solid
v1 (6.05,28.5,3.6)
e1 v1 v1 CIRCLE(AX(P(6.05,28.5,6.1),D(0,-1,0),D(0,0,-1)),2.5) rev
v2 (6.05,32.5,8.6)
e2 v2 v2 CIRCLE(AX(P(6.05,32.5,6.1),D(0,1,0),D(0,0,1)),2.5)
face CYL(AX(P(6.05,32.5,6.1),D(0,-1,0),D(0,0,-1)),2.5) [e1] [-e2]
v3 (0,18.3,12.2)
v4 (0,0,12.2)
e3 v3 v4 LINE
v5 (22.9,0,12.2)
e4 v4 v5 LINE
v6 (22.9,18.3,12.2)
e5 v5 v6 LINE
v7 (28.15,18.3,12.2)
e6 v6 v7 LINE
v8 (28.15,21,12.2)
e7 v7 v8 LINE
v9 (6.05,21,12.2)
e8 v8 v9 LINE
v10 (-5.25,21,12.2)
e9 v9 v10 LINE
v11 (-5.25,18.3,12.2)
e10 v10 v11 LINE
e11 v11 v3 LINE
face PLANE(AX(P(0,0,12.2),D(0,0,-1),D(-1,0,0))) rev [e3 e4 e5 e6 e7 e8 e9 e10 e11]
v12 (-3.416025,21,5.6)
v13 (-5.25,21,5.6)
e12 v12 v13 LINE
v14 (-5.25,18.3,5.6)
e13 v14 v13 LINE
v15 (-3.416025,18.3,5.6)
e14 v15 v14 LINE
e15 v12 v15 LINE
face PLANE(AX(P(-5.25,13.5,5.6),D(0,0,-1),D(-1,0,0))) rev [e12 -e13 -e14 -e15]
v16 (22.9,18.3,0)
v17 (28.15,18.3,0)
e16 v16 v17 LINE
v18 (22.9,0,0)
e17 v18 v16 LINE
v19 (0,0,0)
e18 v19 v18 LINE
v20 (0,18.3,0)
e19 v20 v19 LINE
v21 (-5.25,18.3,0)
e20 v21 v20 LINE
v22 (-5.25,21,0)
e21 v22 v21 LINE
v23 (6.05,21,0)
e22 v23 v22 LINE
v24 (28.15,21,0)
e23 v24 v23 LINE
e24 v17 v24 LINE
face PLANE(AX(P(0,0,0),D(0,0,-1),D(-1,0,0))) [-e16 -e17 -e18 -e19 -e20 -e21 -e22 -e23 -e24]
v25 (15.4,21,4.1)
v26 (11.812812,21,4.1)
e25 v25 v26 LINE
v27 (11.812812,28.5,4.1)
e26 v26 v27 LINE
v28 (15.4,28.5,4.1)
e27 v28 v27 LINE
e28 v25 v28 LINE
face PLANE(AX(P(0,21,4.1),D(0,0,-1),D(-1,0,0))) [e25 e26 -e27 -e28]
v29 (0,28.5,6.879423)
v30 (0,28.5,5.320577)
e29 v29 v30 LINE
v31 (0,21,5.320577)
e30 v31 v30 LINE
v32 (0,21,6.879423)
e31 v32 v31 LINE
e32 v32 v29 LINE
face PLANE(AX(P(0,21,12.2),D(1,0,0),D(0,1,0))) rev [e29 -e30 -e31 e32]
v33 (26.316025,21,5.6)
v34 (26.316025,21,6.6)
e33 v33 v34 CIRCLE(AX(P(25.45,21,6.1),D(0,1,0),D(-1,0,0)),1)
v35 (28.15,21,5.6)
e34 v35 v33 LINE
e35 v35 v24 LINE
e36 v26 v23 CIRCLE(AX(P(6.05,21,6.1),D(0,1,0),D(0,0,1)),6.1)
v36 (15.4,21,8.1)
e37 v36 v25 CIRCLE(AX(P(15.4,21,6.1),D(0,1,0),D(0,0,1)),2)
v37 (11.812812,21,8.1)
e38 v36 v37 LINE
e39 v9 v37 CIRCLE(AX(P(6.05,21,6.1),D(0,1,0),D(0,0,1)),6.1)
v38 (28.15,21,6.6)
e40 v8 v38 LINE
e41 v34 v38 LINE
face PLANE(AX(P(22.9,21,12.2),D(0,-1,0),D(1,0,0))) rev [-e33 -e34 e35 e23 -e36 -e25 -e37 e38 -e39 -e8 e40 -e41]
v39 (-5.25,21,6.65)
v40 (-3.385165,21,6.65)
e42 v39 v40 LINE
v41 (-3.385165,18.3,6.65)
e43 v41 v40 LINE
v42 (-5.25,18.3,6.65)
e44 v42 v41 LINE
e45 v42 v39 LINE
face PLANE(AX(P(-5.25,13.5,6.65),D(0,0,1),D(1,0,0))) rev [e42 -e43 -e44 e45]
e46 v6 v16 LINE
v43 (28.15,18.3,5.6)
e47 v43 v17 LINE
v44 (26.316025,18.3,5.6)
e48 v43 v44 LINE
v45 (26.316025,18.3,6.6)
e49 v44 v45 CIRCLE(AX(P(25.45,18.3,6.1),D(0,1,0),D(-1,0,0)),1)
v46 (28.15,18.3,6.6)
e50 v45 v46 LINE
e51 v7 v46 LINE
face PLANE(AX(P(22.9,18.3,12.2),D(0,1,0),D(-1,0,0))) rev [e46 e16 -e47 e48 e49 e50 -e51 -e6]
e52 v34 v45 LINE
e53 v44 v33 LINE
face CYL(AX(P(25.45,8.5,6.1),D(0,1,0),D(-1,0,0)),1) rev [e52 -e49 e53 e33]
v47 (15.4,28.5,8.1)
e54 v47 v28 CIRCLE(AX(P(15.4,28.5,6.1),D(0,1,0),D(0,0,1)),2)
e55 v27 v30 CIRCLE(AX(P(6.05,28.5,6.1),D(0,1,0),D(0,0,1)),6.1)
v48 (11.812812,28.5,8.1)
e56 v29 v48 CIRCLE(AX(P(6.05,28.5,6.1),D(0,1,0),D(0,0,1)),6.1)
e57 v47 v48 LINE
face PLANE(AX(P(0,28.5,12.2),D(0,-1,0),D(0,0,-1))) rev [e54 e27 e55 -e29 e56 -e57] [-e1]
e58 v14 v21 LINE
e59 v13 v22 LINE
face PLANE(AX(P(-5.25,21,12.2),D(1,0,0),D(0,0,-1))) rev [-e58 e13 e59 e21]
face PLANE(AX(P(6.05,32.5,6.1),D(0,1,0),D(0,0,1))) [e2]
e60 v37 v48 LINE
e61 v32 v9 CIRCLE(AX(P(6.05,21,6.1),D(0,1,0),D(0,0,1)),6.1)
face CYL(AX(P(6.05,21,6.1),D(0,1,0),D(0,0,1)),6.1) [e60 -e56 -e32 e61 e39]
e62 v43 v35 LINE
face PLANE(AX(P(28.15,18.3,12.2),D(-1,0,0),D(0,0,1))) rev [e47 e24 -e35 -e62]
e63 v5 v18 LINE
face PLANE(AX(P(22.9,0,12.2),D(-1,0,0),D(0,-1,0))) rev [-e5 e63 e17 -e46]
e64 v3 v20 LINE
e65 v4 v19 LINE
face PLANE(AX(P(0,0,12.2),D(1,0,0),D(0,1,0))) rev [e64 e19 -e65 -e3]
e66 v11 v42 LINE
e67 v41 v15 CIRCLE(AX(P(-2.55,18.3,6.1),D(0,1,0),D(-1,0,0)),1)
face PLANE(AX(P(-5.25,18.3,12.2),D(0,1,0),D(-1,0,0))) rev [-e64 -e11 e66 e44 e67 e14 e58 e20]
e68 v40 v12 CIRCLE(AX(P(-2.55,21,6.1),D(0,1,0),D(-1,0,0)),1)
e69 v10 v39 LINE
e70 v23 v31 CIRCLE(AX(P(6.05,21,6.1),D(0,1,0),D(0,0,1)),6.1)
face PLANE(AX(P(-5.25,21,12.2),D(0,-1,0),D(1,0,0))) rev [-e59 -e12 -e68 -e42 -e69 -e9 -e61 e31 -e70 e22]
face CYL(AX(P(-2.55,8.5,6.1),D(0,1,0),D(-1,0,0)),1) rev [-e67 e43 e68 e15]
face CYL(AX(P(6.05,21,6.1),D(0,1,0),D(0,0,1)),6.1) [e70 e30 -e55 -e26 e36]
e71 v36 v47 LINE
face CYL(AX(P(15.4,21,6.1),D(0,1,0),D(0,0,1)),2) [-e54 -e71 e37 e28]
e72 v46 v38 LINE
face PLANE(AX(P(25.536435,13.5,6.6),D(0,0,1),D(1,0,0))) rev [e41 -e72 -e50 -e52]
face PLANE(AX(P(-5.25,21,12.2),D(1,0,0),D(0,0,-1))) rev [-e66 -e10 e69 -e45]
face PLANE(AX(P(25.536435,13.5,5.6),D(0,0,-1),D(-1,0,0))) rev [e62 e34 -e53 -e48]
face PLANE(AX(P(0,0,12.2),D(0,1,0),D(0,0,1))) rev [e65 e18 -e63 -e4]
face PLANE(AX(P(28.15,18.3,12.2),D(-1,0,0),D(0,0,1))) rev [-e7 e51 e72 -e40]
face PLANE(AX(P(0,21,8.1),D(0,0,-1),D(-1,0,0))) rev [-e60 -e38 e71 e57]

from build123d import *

# Parameters (mm, degrees)
BOSS_EXTRUDE1_DEPTH = 12.2
SKETCH2_R           = 1
CUT_EXTRUDE1_DEPTH  = 12.5
SKETCH3_R           = 2.5
BOSS_EXTRUDE2_DEPTH = 4
CUT_EXTRUDE2_DEPTH  = 7.5
SKETCH5_W           = 2.772136711
SKETCH5_H           = 1.05
SKETCH5_W_2         = 2.613565213
SKETCH5_H_2         = 1
CUT_EXTRUDE3_DEPTH  = 7.5


with BuildPart() as part:
    # Sketch1 → Boss-Extrude1 (new body)
    with BuildSketch(Plane.XY):
        Polygon((-5.25, 21), (-5.25, 18.3), (0, 18.3), (0, 0), (22.9, 0), (22.9, 18.3), (28.15, 18.3), (28.15, 21), (22.9, 21), (22.9, 28.5), (0, 28.5), (0, 21), align=None)
    extrude(amount=BOSS_EXTRUDE1_DEPTH)

    # Sketch2 → Cut-Extrude1 (cut)
    with BuildSketch(Plane(origin=(0, 21, 0), x_dir=(1, 0, 0), z_dir=(0, 1, 0))):
        with Locations((-2.55, -6.1)):
            Circle(SKETCH2_R)
        with Locations((25.45, -6.1)):
            Circle(SKETCH2_R)
    extrude(amount=-CUT_EXTRUDE1_DEPTH, mode=Mode.SUBTRACT)

    # Sketch3 → Boss-Extrude2 (add)
    with BuildSketch(Plane(origin=(0, 28.5, 0), x_dir=(1, 0, 0), z_dir=(0, 1, 0))):
        with Locations((6.05, -6.1)):
            Circle(SKETCH3_R)
    extrude(amount=BOSS_EXTRUDE2_DEPTH)

    # Sketch4 → Cut-Extrude2 (cut)
    with BuildSketch(Plane(origin=(0, 28.5, 0), x_dir=(1, 0, 0), z_dir=(0, 1, 0))):
        with BuildLine():
            Line((6.050000045, 0), (0, 0))
            Line((0, 0), (0, -5.320577137))
            ThreePointArc((0, -5.320577137), (2.021630587, -1.519362504), (6.050000045, 0))
        make_face()
        with BuildLine():
            Line((22.9, 0), (6.050000045, 0))
            ThreePointArc((6.050000045, 0), (9.58624096, -1.129587555), (11.812811814, -4.1))
            Line((11.812811814, -4.1), (15.4, -4.1))
            ThreePointArc((15.4, -4.1), (17.4, -6.1), (15.4, -8.1))
            Line((15.4, -8.1), (11.812811814, -8.1))
            ThreePointArc((11.812811814, -8.1), (9.586240956, -11.070412448), (6.050000034, -12.2))
            Line((6.050000034, -12.2), (22.9, -12.2))
            Line((22.9, -12.2), (22.9, 0))
        make_face()
        with BuildLine():
            ThreePointArc((6.050000034, -12.2), (2.021630582, -10.680637492), (0, -6.879422863))
            Line((0, -6.879422863), (0, -12.2))
            Line((0, -12.2), (6.050000034, -12.2))
        make_face()
    extrude(amount=-CUT_EXTRUDE2_DEPTH, mode=Mode.SUBTRACT)

    # Sketch5 → Cut-Extrude3 (cut)
    with BuildSketch(Plane(origin=(0, 21, 0), x_dir=(1, 0, 0), z_dir=(0, 1, 0))):
        with Locations((-3.863931645, -6.125)):
            Rectangle(SKETCH5_W, SKETCH5_H)
        with Locations((26.843217394, -6.1)):
            Rectangle(SKETCH5_W_2, SKETCH5_H_2)
    extrude(amount=-CUT_EXTRUDE3_DEPTH, mode=Mode.SUBTRACT)


solid = part.part
